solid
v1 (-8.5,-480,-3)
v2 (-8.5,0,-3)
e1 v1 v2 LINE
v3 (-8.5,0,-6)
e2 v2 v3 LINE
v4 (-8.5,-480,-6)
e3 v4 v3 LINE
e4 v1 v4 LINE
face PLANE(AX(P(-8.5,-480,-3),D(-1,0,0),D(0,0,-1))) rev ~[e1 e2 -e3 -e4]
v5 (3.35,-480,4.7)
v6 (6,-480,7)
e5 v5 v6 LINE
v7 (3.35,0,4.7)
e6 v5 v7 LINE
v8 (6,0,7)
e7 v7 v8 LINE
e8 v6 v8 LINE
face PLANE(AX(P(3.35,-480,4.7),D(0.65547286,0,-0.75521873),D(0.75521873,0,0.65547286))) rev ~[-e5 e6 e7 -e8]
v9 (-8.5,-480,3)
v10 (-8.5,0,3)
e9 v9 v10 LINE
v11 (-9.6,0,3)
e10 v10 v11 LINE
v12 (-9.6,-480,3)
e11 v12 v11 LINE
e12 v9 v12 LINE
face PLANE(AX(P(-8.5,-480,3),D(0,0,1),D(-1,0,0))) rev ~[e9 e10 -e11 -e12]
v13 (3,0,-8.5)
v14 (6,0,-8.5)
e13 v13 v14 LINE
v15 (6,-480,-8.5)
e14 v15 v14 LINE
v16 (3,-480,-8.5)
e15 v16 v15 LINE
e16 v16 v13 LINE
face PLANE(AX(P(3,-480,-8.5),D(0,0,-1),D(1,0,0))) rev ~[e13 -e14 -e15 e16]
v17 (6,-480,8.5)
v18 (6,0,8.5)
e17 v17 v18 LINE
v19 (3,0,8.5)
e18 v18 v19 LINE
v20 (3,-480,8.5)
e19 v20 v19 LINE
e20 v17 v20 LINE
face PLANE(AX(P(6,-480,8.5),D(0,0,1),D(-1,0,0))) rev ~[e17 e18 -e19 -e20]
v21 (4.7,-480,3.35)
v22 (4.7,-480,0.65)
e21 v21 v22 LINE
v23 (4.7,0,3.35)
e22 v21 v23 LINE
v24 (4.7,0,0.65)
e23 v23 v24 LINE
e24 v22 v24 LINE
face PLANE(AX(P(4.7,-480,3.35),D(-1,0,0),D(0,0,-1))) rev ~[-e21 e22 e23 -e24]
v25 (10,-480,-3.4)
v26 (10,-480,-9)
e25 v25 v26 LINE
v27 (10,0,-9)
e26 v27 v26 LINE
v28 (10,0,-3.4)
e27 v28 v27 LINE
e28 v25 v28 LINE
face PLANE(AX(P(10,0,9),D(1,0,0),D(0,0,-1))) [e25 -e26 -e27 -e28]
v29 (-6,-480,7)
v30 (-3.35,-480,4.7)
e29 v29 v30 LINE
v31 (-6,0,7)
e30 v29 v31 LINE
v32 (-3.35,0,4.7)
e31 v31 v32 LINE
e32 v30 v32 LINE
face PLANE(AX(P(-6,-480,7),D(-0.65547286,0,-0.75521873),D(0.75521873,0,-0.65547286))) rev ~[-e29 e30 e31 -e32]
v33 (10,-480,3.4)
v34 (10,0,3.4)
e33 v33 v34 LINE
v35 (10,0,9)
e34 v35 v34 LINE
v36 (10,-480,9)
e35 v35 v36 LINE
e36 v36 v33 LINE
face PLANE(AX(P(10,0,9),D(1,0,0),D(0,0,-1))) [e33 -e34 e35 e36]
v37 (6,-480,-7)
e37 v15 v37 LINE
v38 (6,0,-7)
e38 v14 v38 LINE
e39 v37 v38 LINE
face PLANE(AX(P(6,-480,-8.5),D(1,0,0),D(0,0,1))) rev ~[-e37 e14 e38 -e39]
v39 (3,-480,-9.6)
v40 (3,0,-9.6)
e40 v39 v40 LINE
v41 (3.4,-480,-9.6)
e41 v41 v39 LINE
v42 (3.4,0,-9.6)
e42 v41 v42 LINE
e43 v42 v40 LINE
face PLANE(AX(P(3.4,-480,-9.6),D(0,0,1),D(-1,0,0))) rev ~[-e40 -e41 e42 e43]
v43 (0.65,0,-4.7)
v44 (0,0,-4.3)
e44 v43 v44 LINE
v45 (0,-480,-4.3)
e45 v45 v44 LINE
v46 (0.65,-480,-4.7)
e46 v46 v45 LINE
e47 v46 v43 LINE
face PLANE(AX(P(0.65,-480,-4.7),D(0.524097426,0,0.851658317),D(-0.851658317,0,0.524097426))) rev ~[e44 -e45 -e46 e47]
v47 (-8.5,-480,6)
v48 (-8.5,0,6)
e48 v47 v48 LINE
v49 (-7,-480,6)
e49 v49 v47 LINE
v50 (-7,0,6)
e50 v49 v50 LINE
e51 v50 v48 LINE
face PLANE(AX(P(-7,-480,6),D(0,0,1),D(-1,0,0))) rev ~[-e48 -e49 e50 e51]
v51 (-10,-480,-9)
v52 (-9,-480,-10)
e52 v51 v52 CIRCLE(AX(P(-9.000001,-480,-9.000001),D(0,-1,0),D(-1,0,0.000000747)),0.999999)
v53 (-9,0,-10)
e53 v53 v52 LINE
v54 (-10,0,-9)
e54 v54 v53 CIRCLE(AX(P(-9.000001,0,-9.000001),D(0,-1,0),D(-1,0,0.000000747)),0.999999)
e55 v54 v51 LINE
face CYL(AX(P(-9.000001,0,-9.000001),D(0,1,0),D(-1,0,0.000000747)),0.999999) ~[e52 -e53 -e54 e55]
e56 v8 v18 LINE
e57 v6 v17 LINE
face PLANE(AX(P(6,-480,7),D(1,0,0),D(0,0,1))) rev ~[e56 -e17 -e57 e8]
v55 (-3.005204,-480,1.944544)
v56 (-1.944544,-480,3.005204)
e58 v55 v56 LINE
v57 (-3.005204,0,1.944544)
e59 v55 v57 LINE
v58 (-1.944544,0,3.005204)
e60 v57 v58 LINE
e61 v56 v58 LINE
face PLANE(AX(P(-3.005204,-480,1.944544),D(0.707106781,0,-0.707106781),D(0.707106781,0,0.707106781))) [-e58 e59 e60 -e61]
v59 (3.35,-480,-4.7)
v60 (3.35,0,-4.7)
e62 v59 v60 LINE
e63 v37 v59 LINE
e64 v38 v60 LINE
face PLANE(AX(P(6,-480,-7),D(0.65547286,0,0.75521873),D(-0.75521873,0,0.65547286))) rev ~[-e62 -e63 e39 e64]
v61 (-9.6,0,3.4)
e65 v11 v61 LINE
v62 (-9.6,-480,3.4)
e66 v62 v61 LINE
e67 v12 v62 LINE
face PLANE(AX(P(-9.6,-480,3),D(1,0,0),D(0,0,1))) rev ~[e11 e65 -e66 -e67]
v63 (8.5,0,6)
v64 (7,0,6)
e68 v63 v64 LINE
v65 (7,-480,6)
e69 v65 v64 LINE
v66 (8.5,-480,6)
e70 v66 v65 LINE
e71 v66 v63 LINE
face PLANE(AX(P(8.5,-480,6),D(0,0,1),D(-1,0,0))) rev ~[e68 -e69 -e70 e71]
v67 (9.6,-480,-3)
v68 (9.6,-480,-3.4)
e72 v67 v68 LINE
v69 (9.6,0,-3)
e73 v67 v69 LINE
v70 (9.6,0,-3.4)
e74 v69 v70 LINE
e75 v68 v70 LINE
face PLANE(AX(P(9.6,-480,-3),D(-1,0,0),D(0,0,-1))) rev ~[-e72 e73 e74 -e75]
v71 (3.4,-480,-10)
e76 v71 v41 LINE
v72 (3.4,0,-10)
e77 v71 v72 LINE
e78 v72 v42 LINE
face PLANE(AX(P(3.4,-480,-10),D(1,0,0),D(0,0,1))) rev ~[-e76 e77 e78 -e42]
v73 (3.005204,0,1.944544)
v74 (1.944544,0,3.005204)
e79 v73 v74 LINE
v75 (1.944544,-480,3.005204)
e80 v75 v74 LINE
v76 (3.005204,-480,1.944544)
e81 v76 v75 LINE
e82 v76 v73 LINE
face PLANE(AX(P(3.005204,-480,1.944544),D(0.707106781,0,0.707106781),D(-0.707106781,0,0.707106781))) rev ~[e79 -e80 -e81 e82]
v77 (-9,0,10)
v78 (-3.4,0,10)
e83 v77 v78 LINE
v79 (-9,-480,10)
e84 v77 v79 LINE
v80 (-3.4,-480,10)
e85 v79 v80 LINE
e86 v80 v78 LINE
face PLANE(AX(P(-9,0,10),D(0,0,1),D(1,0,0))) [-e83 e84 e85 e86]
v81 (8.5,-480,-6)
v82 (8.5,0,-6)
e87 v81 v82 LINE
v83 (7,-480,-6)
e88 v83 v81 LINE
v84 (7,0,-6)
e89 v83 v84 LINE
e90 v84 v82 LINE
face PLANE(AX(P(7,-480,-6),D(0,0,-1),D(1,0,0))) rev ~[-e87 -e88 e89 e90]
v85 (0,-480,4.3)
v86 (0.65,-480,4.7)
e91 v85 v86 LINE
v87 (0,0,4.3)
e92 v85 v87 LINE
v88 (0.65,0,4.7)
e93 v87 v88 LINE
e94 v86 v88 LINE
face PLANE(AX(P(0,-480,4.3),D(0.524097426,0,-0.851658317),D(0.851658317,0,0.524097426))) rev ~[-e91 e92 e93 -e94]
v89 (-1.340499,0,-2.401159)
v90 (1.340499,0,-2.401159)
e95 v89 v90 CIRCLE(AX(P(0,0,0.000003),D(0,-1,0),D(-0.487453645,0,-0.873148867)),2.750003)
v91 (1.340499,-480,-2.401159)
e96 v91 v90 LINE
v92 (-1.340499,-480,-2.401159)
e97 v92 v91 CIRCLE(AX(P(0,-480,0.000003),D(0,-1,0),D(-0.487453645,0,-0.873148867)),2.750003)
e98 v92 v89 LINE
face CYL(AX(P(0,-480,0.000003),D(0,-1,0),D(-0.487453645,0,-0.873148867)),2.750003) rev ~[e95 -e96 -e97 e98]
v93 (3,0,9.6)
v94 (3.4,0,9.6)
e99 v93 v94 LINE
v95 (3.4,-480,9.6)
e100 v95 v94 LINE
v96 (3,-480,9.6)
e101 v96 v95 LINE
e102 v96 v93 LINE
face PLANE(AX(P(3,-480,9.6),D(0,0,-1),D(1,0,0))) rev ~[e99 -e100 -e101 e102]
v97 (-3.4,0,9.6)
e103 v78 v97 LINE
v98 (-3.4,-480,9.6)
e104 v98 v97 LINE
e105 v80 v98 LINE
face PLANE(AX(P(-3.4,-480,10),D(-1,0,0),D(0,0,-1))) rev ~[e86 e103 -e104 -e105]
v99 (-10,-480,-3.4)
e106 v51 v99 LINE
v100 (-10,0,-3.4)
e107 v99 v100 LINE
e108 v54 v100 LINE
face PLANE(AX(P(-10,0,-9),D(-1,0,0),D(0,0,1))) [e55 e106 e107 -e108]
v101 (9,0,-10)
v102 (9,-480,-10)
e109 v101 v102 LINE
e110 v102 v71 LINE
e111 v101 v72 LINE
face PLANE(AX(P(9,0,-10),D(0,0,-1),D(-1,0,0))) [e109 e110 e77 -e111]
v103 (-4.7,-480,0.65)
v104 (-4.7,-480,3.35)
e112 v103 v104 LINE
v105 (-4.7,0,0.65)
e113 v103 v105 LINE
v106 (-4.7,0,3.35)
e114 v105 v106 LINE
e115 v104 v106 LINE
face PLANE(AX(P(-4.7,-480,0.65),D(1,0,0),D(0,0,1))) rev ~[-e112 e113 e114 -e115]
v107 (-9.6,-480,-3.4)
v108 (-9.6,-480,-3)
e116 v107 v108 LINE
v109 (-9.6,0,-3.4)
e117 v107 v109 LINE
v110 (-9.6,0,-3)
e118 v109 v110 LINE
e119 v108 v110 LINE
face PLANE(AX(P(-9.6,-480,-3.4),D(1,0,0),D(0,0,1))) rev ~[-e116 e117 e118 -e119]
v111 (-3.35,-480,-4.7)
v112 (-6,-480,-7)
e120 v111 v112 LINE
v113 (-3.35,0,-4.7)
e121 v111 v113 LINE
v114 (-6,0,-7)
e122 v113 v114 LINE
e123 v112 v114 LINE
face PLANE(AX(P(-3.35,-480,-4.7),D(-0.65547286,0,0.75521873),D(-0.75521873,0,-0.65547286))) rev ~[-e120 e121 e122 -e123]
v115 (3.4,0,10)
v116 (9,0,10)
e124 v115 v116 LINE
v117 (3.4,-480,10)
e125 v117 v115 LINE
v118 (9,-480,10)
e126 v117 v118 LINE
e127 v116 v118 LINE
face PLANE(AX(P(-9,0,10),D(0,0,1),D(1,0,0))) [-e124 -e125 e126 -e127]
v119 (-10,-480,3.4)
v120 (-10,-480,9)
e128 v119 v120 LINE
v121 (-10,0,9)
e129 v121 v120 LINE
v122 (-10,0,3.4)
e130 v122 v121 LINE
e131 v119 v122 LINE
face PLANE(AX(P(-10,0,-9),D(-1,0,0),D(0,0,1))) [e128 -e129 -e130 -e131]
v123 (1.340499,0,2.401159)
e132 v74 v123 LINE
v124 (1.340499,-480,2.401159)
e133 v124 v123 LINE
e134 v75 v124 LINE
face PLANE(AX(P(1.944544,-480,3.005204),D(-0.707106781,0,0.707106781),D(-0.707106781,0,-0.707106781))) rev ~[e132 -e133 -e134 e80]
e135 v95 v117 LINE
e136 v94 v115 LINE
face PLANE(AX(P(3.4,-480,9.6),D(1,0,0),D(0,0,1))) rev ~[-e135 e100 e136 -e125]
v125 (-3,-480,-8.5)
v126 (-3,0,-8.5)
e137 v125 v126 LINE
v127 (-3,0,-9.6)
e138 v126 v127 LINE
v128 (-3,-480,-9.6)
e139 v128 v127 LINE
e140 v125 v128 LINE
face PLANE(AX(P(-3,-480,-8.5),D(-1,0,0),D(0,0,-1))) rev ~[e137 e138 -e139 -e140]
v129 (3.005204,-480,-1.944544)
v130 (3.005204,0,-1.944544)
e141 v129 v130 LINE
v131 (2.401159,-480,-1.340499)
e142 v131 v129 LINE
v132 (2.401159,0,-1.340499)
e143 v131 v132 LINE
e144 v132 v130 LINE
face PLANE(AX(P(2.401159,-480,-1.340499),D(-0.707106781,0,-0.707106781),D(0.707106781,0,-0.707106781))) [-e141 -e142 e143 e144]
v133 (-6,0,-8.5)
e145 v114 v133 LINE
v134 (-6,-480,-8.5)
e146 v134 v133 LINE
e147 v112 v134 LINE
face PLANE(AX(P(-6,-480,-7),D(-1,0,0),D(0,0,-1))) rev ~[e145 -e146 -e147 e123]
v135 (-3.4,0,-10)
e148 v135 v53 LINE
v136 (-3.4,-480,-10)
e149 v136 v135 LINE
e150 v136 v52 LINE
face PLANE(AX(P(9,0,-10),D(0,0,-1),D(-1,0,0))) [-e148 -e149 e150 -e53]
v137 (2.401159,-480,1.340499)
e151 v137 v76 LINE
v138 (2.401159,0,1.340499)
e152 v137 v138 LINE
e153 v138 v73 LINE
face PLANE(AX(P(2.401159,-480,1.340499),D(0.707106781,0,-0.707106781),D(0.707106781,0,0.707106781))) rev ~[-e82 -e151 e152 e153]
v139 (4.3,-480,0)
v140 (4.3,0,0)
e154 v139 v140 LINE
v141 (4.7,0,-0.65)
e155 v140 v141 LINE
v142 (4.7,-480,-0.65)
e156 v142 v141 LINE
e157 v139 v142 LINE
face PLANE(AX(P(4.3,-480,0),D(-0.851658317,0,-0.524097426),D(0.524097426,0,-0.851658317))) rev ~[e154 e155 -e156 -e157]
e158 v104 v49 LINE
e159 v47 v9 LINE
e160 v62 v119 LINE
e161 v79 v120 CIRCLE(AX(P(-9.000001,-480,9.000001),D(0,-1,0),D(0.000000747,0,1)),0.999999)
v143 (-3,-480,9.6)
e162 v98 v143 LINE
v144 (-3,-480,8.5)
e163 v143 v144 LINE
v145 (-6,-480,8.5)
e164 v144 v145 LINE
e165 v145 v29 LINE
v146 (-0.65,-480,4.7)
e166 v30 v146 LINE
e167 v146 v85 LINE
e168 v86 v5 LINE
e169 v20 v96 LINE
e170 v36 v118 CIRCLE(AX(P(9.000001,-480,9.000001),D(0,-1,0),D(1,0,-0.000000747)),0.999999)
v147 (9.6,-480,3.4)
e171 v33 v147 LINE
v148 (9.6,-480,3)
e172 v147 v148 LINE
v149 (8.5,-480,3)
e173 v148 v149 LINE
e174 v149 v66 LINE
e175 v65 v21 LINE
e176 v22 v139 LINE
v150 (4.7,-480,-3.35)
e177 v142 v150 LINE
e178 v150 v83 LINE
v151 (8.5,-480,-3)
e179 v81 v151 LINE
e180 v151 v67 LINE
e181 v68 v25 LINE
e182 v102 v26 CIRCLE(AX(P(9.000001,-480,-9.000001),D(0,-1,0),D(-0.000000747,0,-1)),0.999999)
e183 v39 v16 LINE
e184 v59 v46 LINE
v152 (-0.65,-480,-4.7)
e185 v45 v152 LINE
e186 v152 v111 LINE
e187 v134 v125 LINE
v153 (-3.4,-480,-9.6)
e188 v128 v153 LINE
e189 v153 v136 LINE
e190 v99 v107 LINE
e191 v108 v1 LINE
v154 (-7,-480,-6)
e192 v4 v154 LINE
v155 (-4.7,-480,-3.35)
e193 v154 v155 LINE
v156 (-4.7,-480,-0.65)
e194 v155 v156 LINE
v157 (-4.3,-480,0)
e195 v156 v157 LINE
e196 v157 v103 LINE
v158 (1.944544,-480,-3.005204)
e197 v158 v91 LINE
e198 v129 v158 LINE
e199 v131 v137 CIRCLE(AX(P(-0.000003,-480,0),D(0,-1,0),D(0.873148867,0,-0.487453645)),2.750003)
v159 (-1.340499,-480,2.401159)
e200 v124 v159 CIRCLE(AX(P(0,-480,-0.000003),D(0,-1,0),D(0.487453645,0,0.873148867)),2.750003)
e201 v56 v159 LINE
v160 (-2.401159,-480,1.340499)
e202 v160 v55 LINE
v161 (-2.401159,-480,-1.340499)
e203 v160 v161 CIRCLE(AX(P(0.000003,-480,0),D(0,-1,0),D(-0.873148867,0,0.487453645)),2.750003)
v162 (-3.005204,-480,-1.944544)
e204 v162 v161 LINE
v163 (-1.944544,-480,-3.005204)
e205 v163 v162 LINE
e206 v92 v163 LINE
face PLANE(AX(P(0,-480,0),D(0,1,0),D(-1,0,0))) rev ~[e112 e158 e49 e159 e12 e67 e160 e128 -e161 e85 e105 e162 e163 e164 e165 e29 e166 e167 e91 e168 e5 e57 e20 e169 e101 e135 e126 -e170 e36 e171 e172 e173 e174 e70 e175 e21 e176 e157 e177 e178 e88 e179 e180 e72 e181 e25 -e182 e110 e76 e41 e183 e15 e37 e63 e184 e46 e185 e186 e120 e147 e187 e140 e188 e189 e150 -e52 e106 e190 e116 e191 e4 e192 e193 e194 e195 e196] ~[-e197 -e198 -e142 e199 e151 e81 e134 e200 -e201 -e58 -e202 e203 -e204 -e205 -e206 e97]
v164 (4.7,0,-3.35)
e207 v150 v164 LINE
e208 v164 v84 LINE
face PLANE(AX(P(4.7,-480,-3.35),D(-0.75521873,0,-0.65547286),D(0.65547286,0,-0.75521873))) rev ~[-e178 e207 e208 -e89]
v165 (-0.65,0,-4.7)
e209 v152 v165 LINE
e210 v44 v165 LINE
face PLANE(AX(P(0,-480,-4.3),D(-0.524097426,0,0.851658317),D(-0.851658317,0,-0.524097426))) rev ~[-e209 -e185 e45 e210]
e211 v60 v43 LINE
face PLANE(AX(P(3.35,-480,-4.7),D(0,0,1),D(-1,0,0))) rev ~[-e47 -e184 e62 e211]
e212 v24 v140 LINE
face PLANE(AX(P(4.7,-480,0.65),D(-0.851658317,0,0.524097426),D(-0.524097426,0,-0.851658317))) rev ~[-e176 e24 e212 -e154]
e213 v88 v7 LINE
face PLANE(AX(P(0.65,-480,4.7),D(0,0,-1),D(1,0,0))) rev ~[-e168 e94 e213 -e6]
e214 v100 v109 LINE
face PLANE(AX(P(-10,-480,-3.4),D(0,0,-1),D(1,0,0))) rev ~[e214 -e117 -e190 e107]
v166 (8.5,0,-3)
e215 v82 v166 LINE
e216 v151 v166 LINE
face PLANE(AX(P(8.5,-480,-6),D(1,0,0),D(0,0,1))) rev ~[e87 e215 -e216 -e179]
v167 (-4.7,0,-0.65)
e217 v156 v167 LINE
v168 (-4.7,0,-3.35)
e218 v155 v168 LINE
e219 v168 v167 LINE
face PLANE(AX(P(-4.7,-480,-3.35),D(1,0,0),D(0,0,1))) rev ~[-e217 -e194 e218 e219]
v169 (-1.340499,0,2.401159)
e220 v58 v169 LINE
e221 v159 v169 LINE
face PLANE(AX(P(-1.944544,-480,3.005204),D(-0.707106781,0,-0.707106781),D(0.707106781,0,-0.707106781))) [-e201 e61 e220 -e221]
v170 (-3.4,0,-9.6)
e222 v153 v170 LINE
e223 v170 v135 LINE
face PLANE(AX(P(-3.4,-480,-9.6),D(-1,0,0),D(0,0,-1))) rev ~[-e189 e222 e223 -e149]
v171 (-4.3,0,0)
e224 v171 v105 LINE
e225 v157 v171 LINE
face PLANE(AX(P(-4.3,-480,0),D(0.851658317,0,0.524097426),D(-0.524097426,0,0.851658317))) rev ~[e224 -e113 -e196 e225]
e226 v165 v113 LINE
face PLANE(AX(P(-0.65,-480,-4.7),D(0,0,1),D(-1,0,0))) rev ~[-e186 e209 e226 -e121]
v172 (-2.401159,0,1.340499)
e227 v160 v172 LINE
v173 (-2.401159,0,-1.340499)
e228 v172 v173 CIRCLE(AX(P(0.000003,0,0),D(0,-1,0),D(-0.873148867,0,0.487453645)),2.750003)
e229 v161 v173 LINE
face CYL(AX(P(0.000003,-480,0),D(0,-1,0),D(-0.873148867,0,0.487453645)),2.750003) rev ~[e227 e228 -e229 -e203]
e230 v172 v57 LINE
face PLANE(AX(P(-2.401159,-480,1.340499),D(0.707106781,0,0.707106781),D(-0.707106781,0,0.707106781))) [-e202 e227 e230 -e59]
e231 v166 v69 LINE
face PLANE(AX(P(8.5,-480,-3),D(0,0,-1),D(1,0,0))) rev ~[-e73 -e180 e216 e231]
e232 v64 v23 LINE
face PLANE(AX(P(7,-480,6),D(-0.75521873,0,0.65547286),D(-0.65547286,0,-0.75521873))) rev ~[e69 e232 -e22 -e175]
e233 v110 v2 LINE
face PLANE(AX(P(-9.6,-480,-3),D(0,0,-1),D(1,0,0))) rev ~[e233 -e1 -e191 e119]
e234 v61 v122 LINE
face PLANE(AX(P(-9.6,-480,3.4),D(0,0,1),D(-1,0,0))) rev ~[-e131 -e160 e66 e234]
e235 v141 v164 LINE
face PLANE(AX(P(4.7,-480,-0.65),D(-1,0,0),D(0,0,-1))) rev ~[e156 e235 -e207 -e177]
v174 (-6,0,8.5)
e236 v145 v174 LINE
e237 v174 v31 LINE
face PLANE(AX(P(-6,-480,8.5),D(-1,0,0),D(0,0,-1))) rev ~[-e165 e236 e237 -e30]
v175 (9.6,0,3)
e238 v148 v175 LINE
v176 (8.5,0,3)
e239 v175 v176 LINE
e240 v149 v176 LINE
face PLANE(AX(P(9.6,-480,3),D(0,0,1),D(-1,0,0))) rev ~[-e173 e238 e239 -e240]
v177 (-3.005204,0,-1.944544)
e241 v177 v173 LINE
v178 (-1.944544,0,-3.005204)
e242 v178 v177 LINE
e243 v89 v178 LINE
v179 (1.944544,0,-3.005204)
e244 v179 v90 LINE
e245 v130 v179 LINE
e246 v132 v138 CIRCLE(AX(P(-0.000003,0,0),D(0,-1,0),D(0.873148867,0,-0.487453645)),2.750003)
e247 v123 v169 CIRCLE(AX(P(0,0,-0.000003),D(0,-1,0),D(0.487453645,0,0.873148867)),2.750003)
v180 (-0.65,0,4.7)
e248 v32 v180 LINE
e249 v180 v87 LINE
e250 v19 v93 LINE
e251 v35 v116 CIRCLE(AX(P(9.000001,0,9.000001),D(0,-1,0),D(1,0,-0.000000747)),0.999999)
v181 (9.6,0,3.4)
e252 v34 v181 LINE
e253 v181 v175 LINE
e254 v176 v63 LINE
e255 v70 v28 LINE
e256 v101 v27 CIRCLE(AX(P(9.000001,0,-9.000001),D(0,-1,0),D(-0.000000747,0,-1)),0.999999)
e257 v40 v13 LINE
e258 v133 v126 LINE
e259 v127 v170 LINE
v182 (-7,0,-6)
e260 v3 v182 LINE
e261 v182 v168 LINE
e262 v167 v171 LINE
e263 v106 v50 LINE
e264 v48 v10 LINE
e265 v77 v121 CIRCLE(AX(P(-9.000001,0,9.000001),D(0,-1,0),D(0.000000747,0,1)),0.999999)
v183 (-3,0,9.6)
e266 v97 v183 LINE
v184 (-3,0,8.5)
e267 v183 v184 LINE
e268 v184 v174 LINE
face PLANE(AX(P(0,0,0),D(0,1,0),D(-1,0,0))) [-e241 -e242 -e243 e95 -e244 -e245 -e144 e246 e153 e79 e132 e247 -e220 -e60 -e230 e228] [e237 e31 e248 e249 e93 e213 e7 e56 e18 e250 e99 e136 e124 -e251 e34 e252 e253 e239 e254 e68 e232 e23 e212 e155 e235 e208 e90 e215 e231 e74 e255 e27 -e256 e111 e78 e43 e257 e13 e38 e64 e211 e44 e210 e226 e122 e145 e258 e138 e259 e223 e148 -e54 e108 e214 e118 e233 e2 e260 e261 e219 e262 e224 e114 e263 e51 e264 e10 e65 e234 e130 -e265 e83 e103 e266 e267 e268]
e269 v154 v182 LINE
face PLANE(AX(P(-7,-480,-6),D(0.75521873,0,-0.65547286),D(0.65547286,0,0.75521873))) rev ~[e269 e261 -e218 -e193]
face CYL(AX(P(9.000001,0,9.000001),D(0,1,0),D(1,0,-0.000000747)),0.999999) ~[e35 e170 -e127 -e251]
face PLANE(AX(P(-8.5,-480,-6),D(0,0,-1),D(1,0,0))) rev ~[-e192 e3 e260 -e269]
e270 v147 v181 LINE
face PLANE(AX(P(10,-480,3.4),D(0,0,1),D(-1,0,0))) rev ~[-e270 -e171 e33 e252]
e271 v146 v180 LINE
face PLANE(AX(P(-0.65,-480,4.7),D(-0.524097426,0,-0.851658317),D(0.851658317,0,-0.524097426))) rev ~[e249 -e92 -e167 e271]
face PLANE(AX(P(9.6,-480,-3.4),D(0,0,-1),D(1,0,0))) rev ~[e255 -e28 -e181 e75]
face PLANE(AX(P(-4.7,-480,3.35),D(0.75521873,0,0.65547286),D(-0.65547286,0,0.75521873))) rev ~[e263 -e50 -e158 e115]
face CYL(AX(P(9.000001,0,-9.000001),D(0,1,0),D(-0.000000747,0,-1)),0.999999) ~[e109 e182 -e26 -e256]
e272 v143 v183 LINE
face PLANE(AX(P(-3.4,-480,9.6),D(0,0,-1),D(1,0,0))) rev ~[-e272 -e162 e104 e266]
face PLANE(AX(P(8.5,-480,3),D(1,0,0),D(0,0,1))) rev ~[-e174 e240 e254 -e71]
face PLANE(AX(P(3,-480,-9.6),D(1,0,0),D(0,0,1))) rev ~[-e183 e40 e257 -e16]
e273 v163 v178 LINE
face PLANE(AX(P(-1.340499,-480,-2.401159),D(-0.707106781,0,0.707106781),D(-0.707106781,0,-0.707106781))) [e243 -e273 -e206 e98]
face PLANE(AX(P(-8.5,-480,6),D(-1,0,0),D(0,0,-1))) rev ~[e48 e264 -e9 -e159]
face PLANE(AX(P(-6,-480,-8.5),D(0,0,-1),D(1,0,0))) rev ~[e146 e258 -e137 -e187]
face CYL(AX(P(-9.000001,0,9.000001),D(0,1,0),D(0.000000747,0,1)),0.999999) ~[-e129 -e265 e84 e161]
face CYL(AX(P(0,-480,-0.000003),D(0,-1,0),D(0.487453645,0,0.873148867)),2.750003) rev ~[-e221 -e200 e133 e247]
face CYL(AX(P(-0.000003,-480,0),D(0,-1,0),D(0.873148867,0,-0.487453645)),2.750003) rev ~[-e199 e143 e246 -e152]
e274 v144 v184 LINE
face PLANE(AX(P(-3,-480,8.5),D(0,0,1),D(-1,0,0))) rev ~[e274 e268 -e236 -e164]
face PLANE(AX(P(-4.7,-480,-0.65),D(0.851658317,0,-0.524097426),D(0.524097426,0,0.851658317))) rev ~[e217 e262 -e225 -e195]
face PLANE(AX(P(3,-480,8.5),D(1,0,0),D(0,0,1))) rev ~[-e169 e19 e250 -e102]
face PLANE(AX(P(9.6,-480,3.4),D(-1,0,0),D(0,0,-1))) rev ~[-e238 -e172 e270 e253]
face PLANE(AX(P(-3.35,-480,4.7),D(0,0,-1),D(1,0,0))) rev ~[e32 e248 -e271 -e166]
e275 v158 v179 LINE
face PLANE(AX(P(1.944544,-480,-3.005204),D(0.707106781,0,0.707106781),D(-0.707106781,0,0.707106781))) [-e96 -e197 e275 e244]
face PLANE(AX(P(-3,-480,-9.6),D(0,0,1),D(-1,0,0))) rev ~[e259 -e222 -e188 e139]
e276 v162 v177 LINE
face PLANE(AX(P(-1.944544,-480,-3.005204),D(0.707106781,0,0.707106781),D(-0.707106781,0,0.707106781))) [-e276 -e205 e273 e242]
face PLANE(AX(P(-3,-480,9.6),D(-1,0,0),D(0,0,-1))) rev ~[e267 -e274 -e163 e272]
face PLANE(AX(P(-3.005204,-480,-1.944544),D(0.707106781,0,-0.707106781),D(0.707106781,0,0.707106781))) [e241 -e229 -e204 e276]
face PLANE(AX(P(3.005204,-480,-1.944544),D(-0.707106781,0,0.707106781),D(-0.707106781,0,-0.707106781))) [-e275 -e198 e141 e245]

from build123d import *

# Parameters (mm, degrees)
PAD_DEPTH          = 480
POCKET_DEPTH       = 480
POLARPATTERN_COUNT = 4
POCKET001_DEPTH    = 480


with BuildPart() as part:
    # Sketch → Pad (new body)
    with BuildSketch(Plane.XZ):
        with BuildLine():
            Line((-9, 10), (9, 10))
            ThreePointArc((10, 9), (9.707107, 9.707107), (9, 10))
            Line((10, 9), (10, -9))
            ThreePointArc((9, -10), (9.707107, -9.707107), (10, -9))
            Line((9, -10), (-9, -10))
            ThreePointArc((-10, -9), (-9.707107, -9.707107), (-9, -10))
            Line((-10, -9), (-10, 9))
            ThreePointArc((-9, 10), (-9.707107, 9.707107), (-10, 9))
        make_face()
    extrude(amount=PAD_DEPTH)

    # Sketch001 (on Face10 of Pad) → Pocket (cut)
    with BuildSketch(Plane.XZ.offset(480)):
        Polygon((-3.4, 10), (-3.4, 9.6), (-3, 9.6), (-3, 8.5), (-6, 8.5), (-6, 7), (-3.35, 4.7), (-0.65, 4.7), (0, 4.3), (0.65, 4.7), (3.35, 4.7), (6, 7), (6, 8.5), (3, 8.5), (3, 9.6), (3.4, 9.6), (3.4, 10), align=None)
    pocket = extrude(amount=-POCKET_DEPTH, mode=Mode.SUBTRACT)

    # PolarPattern: Pocket ×4 about axis
    polarpattern_axis = Axis((0, -480, 0), (0, -1, 0))
    for i in range(1, POLARPATTERN_COUNT):
        add(pocket.rotate(polarpattern_axis, i * 360 / POLARPATTERN_COUNT), mode=Mode.SUBTRACT)

    # Sketch002 (on Face4 of PolarPattern) → Pocket001 (cut)
    with BuildSketch(Plane.XZ.offset(480)):
        with BuildLine():
            ThreePointArc((1.340499, 2.401159), (0, 2.75), (-1.340499, 2.401159))
            Line((-1.944544, 3.005204), (-1.340499, 2.401159))
            Line((-3.005204, 1.944544), (-1.944544, 3.005204))
            Line((-2.401159, 1.340499), (-3.005204, 1.944544))
            ThreePointArc((-2.401159, 1.340499), (-2.75, 0), (-2.401159, -1.340499))
            Line((-3.005204, -1.944544), (-2.401159, -1.340499))
            Line((-1.944544, -3.005204), (-3.005204, -1.944544))
            Line((-1.340499, -2.401159), (-1.944544, -3.005204))
            ThreePointArc((-1.340499, -2.401159), (0, -2.75), (1.340499, -2.401159))
            Line((1.944544, -3.005204), (1.340499, -2.401159))
            Line((3.005204, -1.944544), (1.944544, -3.005204))
            Line((2.401159, -1.340499), (3.005204, -1.944544))
            ThreePointArc((2.401159, -1.340499), (2.75, 0), (2.401159, 1.340499))
            Line((2.401159, 1.340499), (3.005204, 1.944544))
            Line((3.005204, 1.944544), (1.944544, 3.005204))
            Line((1.944544, 3.005204), (1.340499, 2.401159))
        make_face()
    extrude(amount=-POCKET001_DEPTH, mode=Mode.SUBTRACT)


solid = part.part
